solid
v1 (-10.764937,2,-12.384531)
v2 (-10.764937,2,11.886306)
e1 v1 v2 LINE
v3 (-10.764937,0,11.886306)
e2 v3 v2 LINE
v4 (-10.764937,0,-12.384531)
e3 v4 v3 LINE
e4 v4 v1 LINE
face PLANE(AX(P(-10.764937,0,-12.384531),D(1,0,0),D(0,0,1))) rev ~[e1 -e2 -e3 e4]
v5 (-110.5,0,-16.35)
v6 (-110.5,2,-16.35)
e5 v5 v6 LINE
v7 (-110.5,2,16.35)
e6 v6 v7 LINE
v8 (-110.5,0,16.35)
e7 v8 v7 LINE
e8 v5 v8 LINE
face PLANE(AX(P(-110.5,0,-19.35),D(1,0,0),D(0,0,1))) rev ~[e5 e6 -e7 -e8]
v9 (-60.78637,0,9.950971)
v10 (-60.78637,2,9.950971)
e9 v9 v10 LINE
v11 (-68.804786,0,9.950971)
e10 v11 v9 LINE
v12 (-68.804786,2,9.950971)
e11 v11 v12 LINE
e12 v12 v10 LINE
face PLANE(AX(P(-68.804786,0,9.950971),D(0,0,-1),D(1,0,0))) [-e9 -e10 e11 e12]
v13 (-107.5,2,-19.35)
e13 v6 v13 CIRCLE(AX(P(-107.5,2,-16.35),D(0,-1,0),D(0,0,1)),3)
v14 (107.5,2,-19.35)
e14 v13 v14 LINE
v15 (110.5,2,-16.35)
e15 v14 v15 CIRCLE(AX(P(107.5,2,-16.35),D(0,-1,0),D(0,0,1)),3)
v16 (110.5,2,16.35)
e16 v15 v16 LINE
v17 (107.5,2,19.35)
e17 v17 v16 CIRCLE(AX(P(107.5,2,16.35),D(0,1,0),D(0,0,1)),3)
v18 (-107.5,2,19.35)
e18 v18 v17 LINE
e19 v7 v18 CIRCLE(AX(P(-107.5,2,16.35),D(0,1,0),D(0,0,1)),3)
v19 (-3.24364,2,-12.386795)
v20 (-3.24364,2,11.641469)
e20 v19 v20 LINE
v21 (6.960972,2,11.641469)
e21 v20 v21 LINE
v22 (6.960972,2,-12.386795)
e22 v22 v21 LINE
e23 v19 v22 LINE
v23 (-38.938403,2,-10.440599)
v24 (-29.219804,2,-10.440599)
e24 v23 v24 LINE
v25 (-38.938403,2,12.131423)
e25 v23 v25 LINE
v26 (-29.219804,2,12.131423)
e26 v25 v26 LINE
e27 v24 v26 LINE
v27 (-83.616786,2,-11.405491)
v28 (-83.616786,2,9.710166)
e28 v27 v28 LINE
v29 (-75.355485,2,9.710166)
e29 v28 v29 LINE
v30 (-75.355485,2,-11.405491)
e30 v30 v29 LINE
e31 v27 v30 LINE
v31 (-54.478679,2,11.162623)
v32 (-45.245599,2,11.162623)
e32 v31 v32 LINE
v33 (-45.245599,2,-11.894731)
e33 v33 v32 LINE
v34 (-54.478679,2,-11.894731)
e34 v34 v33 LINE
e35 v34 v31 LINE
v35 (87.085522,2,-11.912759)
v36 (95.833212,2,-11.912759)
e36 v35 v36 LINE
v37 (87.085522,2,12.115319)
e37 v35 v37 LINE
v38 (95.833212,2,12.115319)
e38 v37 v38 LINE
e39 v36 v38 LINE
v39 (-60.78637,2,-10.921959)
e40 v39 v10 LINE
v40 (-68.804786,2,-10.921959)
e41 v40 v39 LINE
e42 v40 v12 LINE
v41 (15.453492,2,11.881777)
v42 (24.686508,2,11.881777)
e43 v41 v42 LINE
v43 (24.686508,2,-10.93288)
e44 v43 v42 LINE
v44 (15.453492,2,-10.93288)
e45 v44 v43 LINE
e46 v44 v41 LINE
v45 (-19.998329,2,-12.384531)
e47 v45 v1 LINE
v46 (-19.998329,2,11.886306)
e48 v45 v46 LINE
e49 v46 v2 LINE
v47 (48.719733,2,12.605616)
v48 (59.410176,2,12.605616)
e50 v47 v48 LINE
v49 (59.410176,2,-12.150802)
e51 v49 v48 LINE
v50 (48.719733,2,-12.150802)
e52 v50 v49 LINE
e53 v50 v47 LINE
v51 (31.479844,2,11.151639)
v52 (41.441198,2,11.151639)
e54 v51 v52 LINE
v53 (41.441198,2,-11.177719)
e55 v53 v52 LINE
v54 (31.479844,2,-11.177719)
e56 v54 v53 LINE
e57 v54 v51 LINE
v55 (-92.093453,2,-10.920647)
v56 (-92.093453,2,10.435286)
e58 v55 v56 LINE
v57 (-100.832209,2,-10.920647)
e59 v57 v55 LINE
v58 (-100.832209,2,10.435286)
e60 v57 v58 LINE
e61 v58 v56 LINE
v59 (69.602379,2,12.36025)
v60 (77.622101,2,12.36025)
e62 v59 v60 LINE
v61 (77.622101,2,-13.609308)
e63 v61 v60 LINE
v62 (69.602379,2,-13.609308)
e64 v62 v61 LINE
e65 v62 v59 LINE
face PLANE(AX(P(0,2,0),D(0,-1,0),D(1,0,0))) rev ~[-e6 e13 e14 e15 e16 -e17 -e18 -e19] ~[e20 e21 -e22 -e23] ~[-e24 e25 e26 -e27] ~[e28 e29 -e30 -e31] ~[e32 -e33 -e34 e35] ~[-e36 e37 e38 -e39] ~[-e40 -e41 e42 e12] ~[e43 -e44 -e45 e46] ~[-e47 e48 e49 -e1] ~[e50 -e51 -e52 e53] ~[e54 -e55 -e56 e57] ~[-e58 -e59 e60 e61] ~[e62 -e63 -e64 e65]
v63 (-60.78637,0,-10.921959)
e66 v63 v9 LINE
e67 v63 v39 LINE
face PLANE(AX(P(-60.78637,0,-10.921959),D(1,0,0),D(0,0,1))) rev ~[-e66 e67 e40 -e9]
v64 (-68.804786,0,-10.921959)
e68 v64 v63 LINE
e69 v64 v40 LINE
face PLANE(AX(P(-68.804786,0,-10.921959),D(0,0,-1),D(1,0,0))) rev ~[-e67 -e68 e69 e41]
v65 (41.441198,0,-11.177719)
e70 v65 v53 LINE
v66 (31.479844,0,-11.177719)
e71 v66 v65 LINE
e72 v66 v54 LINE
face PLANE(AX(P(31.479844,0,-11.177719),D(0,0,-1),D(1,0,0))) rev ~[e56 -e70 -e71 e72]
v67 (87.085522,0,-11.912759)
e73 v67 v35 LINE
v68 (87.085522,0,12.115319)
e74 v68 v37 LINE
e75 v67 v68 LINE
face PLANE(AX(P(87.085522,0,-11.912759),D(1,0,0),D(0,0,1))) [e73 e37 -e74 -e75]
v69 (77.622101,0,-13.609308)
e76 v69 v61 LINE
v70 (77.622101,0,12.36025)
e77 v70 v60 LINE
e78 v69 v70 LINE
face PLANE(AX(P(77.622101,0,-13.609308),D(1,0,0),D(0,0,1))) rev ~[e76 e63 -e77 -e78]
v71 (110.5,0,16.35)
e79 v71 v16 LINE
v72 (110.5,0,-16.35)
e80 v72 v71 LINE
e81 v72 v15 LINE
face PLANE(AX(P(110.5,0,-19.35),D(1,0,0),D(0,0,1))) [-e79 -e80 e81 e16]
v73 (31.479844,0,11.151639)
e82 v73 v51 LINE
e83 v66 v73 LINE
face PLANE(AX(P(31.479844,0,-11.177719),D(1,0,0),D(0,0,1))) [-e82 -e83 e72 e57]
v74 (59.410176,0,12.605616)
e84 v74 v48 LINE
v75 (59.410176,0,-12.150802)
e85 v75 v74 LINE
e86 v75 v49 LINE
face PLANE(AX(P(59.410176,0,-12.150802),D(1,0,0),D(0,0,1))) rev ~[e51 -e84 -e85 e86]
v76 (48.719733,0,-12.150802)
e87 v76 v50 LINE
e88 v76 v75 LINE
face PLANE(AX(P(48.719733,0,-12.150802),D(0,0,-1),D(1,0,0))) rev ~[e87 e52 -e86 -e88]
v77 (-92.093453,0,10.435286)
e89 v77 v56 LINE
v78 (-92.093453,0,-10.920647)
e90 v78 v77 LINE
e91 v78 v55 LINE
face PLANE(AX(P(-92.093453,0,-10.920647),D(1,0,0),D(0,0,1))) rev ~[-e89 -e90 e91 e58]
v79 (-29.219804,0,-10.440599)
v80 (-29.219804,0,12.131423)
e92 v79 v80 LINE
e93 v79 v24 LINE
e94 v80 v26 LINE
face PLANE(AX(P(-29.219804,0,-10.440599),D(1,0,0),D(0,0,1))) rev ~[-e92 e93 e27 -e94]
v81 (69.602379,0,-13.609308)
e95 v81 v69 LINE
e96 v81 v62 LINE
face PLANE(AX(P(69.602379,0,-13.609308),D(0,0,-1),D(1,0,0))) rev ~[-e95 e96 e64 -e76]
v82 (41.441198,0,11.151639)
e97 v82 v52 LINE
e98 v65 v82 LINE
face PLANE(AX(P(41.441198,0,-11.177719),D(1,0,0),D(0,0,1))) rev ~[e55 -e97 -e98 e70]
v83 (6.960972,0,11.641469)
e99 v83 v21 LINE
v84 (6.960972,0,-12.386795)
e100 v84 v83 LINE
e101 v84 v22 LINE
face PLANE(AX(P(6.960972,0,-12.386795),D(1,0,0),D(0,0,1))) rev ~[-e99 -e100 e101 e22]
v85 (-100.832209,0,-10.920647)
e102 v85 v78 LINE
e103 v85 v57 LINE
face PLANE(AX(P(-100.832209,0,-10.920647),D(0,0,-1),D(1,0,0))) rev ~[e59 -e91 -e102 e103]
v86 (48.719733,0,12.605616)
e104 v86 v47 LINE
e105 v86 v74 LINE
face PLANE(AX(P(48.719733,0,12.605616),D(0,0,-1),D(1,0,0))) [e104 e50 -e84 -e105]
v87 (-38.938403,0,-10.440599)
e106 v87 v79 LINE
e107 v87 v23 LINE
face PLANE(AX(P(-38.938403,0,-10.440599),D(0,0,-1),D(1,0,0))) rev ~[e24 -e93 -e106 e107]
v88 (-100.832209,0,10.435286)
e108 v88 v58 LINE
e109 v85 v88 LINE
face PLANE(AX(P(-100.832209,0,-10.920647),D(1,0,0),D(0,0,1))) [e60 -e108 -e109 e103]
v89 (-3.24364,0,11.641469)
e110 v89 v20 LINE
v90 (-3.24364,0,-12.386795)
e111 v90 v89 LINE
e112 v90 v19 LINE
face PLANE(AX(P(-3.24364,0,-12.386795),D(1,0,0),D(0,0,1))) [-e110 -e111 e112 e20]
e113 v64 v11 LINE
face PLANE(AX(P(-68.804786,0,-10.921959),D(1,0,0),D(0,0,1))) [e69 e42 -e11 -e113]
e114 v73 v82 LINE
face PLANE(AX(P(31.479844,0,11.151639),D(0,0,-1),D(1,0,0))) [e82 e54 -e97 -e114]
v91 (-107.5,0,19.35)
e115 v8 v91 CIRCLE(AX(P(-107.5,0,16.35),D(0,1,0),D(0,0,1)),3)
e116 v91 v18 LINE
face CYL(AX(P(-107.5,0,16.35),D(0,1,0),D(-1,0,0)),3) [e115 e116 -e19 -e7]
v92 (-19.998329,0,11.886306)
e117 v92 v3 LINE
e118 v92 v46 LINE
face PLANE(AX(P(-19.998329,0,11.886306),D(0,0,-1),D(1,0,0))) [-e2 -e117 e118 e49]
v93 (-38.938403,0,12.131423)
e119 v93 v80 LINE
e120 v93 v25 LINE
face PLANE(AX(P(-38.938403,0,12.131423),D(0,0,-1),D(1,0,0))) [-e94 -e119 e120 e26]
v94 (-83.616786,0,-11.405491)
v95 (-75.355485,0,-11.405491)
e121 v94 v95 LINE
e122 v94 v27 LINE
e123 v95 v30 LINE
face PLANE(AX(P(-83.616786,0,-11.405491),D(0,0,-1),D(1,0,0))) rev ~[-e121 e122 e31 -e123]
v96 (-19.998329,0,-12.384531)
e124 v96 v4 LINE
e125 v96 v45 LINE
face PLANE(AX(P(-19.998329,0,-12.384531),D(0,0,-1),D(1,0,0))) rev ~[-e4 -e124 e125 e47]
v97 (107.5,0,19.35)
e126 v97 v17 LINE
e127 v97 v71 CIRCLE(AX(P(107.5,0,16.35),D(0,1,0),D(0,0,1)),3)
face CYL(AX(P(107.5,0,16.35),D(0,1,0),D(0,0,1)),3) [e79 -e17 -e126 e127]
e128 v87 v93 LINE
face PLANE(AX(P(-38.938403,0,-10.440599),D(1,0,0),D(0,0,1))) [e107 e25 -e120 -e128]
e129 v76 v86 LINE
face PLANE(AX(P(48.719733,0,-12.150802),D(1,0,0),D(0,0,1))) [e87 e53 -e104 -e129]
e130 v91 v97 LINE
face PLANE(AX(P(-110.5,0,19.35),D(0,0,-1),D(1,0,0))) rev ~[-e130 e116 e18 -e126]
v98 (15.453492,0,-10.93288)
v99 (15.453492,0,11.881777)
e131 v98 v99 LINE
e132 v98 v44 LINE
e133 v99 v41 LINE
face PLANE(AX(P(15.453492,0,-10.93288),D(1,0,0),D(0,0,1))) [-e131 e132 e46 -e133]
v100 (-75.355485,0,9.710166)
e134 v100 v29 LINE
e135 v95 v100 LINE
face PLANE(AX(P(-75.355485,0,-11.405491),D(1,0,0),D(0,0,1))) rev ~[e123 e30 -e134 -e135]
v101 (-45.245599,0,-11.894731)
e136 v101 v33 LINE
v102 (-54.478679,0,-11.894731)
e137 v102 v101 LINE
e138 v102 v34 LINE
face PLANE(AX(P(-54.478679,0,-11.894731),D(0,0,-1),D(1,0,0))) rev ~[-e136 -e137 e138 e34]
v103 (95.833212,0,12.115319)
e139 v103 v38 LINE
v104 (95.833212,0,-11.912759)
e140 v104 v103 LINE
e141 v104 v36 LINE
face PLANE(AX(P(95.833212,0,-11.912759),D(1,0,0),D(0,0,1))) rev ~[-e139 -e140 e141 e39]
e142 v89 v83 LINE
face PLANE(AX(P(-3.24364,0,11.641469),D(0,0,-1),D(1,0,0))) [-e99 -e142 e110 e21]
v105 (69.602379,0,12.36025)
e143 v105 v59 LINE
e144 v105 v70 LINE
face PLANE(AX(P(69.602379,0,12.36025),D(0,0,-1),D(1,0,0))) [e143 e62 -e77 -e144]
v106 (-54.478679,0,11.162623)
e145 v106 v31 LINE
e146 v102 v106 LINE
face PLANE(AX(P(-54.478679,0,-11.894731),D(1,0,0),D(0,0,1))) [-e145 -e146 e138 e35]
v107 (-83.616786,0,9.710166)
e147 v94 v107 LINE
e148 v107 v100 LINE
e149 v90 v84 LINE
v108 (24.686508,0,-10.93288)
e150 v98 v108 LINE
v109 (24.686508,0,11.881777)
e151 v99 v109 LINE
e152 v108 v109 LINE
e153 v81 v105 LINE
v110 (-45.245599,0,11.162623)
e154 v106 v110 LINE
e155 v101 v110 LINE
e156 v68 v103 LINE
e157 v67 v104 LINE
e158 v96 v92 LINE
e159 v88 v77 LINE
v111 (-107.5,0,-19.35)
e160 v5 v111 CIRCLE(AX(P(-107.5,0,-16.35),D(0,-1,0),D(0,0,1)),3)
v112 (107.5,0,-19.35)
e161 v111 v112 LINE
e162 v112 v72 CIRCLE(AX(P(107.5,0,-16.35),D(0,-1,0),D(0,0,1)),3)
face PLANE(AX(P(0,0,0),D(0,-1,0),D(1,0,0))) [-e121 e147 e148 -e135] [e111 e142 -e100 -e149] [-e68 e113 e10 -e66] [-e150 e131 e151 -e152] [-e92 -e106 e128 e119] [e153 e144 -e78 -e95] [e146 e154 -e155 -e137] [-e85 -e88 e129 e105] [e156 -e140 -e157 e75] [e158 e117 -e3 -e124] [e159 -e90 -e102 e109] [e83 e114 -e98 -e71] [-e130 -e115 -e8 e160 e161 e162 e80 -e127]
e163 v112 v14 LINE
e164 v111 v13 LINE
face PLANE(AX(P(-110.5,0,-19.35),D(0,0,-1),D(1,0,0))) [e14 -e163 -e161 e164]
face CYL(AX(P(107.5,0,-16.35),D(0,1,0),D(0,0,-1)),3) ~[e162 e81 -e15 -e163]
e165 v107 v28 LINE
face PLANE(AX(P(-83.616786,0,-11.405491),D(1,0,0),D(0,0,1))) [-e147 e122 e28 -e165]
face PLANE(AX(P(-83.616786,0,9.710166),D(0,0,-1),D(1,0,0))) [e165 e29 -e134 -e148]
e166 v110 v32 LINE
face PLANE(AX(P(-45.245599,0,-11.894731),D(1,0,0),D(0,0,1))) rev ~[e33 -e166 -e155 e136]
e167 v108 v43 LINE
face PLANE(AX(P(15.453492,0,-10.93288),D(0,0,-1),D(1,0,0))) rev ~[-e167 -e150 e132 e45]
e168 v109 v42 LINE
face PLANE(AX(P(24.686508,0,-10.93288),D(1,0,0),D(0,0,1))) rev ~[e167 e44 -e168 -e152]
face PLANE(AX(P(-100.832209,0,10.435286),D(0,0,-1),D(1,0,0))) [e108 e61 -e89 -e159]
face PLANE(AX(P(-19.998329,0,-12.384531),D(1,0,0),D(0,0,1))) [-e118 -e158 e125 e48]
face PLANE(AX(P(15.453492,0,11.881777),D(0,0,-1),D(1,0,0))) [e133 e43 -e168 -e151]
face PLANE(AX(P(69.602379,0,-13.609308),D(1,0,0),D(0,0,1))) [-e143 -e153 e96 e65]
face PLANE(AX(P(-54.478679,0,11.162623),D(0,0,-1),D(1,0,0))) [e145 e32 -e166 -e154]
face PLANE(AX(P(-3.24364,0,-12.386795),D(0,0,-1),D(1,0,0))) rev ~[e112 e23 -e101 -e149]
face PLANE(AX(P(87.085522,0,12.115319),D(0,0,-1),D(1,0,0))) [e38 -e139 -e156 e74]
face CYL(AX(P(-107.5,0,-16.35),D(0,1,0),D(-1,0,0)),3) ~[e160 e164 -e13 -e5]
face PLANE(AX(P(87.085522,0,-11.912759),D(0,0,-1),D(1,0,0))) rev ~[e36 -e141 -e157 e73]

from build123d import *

# Parameters (mm, degrees)
F0_W     = 221
F0_H     = 38.7
F0_W_2   = 8.738756
F0_H_2   = 21.355933
F0_W_3   = 8.261301
F0_H_3   = 21.115657
F0_W_4   = 8.018416
F0_H_4   = 20.872929
F0_W_5   = 9.23308
F0_H_5   = 23.057354
F0_W_6   = 9.233392
F0_H_6   = 24.270837
F0_W_7   = 10.204611
F0_H_7   = 24.028264
F0_W_8   = 9.961355
F0_H_8   = 22.329358
F0_W_9   = 8.019723
F0_H_9   = 25.969558
F0_W_10  = 9.718599
F0_H_10  = 22.572022
F0_W_11  = 9.233017
F0_H_11  = 22.814657
F0_W_12  = 10.690443
F0_H_12  = 24.756417
F0_W_13  = 8.747689
F0_H_13  = 24.028078
F1_DEPTH = 2
F2_R     = 3


with BuildPart() as f1:
    # F0 (on Front) → F1 (new body)
    with BuildSketch(Plane.XZ):
        Rectangle(F0_W, F0_H)
        with Locations((-96.462831, -0.242681)):
            Rectangle(F0_W_2, F0_H_2, mode=Mode.SUBTRACT)
        with Locations((-79.486135, -0.847662)):
            Rectangle(F0_W_3, F0_H_3, mode=Mode.SUBTRACT)
        with Locations((-64.795578, -0.485494)):
            Rectangle(F0_W_4, F0_H_4, mode=Mode.SUBTRACT)
        with Locations((-49.862139, -0.366054)):
            Rectangle(F0_W_5, F0_H_5, mode=Mode.SUBTRACT)
        with Locations((-15.381633, -0.249112)):
            Rectangle(F0_W_6, F0_H_6, mode=Mode.SUBTRACT)
        with Locations((1.858666, -0.372663)):
            Rectangle(F0_W_7, F0_H_7, mode=Mode.SUBTRACT)
        with Locations((36.460521, -0.01304)):
            Rectangle(F0_W_8, F0_H_8, mode=Mode.SUBTRACT)
        with Locations((73.61224, -0.624529)):
            Rectangle(F0_W_9, F0_H_9, mode=Mode.SUBTRACT)
        with Locations((-34.079104, 0.845412)):
            Rectangle(F0_W_10, F0_H_10, mode=Mode.SUBTRACT)
        with Locations((20.07, 0.474448)):
            Rectangle(F0_W_11, F0_H_11, mode=Mode.SUBTRACT)
        with Locations((54.064955, 0.227407)):
            Rectangle(F0_W_12, F0_H_12, mode=Mode.SUBTRACT)
        with Locations((91.459367, 0.10128)):
            Rectangle(F0_W_13, F0_H_13, mode=Mode.SUBTRACT)
    extrude(amount=-F1_DEPTH)

    # F2
    f2_edges = [f1.edges().sort_by_distance(p)[0] for p in [
        (-110.5, 1, 19.35),
        (110.5, 1, 19.35),
        (110.5, 1, -19.35),
        (-110.5, 1, -19.35),
    ]]
    fillet(f2_edges, radius=F2_R)


solid = f1.part
